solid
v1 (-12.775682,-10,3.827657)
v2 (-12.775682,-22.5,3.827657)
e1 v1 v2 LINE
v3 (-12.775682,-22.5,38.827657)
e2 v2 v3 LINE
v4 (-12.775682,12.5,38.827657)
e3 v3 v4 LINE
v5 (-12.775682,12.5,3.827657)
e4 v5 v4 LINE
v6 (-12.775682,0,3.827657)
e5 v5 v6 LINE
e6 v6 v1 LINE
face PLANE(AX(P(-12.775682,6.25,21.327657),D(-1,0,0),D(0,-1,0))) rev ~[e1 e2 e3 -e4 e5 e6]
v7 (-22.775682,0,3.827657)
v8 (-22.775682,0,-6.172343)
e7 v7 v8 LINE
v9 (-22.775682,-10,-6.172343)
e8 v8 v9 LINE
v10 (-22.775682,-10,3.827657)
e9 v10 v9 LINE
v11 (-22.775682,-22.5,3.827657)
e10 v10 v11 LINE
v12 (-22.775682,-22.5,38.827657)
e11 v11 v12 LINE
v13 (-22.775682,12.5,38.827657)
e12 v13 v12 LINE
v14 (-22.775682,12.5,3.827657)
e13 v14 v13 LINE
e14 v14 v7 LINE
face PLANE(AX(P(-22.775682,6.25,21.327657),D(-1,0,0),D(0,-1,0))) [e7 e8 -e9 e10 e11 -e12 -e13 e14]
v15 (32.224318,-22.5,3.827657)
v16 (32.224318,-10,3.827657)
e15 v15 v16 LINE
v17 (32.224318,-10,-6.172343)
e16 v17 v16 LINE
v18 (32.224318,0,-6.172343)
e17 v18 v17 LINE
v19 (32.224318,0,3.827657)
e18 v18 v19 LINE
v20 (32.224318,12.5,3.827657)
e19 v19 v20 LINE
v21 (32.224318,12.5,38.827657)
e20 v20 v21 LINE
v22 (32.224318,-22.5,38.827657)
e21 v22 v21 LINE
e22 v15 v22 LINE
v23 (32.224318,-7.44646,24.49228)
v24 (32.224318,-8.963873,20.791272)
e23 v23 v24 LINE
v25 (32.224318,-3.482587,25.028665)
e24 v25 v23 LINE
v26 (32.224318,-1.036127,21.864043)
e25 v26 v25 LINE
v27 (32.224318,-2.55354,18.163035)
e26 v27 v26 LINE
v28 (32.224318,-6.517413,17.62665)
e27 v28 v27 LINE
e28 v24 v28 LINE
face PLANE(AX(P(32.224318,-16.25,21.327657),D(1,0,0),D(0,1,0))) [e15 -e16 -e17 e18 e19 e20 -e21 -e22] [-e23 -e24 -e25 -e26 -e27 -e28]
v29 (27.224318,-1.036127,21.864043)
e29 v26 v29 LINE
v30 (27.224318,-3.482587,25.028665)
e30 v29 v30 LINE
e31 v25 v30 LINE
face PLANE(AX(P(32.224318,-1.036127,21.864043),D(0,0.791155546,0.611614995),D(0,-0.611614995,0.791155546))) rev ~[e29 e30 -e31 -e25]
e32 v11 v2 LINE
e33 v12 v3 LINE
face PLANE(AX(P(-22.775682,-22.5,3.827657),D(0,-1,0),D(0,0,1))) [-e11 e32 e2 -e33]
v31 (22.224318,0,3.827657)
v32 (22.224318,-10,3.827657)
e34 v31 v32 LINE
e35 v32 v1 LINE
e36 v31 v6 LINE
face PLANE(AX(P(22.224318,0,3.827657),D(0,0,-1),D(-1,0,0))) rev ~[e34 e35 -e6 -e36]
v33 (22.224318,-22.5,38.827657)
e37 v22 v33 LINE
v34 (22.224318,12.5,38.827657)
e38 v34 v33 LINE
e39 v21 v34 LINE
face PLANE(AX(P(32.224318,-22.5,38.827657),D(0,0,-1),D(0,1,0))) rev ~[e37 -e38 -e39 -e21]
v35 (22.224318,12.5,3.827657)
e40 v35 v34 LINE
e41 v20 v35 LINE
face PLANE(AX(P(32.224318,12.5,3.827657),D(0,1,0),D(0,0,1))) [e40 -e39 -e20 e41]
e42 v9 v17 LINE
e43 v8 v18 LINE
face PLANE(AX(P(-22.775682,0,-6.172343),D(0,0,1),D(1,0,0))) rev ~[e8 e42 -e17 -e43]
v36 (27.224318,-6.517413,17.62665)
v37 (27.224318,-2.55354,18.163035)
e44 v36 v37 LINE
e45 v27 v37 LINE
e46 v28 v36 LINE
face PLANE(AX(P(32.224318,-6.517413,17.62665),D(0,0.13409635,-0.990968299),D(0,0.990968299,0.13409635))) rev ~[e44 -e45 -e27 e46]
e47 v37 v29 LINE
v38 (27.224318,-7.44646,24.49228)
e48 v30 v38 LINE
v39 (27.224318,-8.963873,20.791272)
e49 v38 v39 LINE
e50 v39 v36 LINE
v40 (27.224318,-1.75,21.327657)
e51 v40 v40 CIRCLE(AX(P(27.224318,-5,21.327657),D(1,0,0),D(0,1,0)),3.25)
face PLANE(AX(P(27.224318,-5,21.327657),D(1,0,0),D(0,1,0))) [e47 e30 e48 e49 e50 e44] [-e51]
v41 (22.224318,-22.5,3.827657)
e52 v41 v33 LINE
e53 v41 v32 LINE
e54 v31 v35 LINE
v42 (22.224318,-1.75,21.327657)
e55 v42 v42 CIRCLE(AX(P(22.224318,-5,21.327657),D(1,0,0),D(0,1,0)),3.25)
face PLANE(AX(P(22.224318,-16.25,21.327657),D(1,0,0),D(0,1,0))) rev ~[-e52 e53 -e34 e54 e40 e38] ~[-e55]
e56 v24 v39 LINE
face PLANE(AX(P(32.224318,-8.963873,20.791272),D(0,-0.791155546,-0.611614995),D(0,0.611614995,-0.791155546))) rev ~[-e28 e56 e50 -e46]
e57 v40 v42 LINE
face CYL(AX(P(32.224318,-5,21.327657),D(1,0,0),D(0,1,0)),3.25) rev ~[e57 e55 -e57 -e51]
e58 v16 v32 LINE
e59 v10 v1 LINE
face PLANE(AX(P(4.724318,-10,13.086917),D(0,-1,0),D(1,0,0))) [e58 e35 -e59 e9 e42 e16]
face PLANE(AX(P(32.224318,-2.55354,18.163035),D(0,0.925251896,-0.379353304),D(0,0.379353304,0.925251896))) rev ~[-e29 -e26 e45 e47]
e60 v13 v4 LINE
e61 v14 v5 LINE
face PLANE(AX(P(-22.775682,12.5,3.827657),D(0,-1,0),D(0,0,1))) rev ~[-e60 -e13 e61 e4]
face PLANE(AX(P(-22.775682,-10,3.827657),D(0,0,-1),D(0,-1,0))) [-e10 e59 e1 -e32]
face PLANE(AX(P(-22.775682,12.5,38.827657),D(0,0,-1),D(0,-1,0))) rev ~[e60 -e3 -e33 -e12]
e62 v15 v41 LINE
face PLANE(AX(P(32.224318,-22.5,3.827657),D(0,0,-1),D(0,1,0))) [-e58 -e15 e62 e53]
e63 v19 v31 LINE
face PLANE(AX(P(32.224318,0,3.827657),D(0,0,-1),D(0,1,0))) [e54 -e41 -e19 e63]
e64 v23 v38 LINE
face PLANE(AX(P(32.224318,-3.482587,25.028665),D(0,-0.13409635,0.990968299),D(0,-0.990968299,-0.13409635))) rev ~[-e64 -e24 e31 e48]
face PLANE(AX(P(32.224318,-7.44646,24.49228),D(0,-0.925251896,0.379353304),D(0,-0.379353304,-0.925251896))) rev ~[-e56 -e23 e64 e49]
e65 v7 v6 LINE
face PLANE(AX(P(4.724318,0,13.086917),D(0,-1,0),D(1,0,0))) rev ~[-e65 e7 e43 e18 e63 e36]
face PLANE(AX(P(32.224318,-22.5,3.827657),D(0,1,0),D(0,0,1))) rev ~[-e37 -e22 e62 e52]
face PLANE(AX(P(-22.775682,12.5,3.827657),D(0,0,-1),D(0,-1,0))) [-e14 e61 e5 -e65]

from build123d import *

# Parameters (mm, degrees)
F1_DEPTH  = 10
F2_W      = 12.5
F2_H      = 35
F3_DEPTH  = 10
F4_W      = 12.5
F4_H      = 35
F5_DEPTH  = 10
F6_R      = 3.25
F7_DEPTH  = 10
F9_R      = 3.25
F10_DEPTH = 5


with BuildPart() as f1:
    # F0 (on Front) → F1 (new body)
    with BuildSketch(Plane.XZ):
        Polygon((-12.7756818049, 38.8276573637), (-22.7756818049, 38.8276573637), (-22.7756818049, -6.1723426363), (32.2243181951, -6.1723426363), (32.2243181951, 38.8276573637), (22.2243181951, 38.8276573637), (22.2243181951, 3.8276573637), (-12.7756818049, 3.8276573637), align=None)
    extrude(amount=F1_DEPTH)

    # F2 (on face) → F3 (join)
    with BuildSketch(Plane.YZ.offset(32.2243181951)):
        with Locations((-16.25, 21.3276573637)):
            Rectangle(F2_W, F2_H)
        with Locations((6.25, 21.3276573637)):
            Rectangle(F2_W, F2_H)
    extrude(amount=-F3_DEPTH)

    # F4 (on face) → F5 (join)
    with BuildSketch(Plane(origin=(-22.7756818049, 0, 0), x_dir=(0, -1, 0), z_dir=(-1, 0, 0))):
        with Locations((-6.25, 21.3276573637)):
            Rectangle(F4_W, F4_H)
        with Locations((16.25, 21.3276573637)):
            Rectangle(F4_W, F4_H)
    extrude(amount=-F5_DEPTH)

    # F6 (on face) → F7 (cut)
    with BuildSketch(Plane.YZ.offset(32.2243181951)):
        with Locations((-5, 21.3276573637)):
            Circle(F6_R)
    extrude(amount=-F7_DEPTH, mode=Mode.SUBTRACT)

    # F9 (on face) → F10 (cut)
    with BuildSketch(Plane.YZ.offset(32.2243181951)):
        Polygon((-1.0361268053, 21.8640427628), (-3.4825867845, 25.0286649472), (-7.4464599792, 24.4922795481), (-8.9638731947, 20.7912719646), (-6.5174132155, 17.6266497802), (-2.5535400208, 18.1630351792), align=None)
        with Locations((-5, 21.3276573637)):
            Circle(F9_R, mode=Mode.SUBTRACT)
    extrude(amount=-F10_DEPTH, mode=Mode.SUBTRACT)


solid = f1.part
